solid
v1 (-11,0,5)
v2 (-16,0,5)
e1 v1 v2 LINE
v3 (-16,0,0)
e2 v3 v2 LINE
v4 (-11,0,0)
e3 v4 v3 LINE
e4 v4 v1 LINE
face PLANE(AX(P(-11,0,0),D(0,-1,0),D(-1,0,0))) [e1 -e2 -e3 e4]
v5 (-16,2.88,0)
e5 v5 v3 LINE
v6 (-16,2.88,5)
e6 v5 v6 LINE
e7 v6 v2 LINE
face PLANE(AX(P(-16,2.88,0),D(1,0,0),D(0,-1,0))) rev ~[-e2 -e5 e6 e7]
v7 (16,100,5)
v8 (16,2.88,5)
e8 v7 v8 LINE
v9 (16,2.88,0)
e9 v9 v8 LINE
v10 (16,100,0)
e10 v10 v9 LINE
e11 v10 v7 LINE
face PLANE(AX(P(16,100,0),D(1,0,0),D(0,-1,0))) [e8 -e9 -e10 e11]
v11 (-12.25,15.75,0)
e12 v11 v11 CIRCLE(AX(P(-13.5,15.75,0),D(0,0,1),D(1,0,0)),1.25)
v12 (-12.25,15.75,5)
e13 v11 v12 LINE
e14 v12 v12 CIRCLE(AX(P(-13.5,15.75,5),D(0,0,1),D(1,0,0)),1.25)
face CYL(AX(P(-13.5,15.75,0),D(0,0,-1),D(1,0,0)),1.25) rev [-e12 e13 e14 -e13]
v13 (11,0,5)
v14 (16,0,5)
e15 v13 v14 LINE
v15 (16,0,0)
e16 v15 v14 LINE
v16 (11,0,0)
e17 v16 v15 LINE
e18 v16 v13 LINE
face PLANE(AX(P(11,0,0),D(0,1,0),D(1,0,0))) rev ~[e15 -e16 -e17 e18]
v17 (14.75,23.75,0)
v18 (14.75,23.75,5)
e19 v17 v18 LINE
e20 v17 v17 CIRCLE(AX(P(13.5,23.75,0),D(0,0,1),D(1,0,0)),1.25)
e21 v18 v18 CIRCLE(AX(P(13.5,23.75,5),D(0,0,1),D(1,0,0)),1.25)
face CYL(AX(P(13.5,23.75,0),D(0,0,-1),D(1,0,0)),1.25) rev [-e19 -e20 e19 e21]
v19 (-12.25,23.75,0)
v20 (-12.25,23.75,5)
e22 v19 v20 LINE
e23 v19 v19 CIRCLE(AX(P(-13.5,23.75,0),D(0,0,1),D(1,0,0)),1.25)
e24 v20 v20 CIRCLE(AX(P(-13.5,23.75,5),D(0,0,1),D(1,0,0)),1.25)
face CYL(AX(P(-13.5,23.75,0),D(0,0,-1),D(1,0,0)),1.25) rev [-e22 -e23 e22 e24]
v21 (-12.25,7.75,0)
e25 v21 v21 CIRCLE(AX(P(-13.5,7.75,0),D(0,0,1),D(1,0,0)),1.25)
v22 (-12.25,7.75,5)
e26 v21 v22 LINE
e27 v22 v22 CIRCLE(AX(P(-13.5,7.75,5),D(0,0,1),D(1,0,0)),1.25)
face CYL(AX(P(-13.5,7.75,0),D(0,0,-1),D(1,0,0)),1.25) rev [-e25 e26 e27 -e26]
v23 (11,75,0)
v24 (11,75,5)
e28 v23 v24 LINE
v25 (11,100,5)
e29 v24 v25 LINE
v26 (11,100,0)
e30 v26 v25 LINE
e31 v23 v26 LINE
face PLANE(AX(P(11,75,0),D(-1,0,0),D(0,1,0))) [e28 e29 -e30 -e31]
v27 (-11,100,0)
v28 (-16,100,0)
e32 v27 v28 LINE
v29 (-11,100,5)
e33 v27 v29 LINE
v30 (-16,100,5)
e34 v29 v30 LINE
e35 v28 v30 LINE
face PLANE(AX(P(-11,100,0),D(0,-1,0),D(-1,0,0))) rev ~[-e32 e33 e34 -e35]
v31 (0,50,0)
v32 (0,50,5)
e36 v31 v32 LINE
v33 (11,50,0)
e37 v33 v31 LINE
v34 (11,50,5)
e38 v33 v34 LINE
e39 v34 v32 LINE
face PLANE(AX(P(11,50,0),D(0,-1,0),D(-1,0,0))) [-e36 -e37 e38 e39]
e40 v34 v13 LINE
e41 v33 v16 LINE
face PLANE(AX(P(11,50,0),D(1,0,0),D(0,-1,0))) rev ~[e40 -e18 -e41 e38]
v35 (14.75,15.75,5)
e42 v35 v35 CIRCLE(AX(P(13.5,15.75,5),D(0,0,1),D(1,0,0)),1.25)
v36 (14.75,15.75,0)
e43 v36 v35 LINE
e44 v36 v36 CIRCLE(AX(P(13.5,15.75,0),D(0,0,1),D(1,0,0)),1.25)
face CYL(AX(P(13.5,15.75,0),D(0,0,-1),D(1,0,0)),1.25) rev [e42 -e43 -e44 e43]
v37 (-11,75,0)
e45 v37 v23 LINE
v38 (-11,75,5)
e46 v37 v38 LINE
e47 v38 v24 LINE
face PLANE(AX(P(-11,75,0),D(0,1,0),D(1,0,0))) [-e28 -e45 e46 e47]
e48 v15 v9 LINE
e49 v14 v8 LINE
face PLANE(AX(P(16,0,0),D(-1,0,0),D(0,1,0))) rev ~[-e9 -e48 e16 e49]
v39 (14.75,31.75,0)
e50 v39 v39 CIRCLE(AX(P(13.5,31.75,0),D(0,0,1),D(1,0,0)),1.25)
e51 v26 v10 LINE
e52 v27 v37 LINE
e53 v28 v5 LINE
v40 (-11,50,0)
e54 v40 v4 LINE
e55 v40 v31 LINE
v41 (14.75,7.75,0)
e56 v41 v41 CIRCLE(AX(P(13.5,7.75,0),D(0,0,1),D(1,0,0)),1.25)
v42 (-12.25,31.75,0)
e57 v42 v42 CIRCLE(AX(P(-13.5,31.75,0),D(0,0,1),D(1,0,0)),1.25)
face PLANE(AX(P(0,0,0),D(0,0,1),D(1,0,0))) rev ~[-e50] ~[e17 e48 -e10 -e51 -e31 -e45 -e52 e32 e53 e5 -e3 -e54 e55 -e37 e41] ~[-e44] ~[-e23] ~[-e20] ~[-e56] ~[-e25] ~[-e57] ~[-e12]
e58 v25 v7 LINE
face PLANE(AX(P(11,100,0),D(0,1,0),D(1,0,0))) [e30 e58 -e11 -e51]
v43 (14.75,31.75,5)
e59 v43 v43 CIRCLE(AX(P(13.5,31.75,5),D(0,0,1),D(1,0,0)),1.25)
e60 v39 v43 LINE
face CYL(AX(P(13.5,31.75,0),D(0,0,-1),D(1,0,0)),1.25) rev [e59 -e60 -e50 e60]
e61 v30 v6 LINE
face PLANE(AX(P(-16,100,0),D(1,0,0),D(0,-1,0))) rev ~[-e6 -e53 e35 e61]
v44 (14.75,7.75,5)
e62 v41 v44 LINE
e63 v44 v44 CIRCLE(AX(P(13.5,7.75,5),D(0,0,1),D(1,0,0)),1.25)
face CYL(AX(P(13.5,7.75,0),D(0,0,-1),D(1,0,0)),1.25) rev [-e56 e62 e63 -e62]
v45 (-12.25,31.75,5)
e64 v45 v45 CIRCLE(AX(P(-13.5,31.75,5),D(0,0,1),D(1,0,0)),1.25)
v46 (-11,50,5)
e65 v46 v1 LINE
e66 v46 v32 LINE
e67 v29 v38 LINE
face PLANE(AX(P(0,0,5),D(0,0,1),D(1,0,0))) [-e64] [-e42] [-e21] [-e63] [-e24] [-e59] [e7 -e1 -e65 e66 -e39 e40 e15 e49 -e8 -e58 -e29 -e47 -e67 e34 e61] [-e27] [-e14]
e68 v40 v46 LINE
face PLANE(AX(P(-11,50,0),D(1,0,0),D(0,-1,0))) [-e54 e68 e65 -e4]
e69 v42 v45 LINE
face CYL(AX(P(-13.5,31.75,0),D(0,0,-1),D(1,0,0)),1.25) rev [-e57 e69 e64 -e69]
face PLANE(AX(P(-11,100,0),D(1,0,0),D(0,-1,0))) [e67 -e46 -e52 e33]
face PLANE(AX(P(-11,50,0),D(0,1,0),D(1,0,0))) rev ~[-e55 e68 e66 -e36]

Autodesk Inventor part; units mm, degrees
ref_plane "YZ Plane" through (0, 0, 0) normal (1, 0, 0) x (0, 1, 0)
ref_plane "XZ Plane" through (0, 0, 0) normal (0, 1, 0) x (-1, 0, 0)
ref_plane "XY Plane" through (0, 0, 0) normal (0, 0, 1) x (1, 0, 0)
sketch "Sketch1" plane through (0, 0, 0) normal (0, 0, 1) x (1, 0, 0)
  line L0 (11, 50) -> (11, 0)
  line L1 (11, 0) -> (16, 0)
  line L2 (16, 0) -> (16, 2.88)
  line L3 (11, 50) -> (0, 50)
  line L4 (0, 50) -> (0, 100) construction
  line L5 (11, 100) -> (16, 100)
  line L6 (16, 100) -> (16, 2.88)
  circle A0 centre (13.5, 7.75) radius 1.25
  circle A1 centre (13.5, 15.75) radius 1.25
  circle A2 centre (13.5, 23.75) radius 1.25
  circle A3 centre (13.5, 31.75) radius 1.25
  line L7 (-11, 50) -> (-11, 0)
  line L8 (-11, 0) -> (-16, 0)
  line L9 (-11, 50) -> (0, 50)
  line L10 (-11, 100) -> (-16, 100)
  line L11 (-16, 100) -> (-16, 2.88)
  circle A4 centre (-13.5, 7.75) radius 1.25
  circle A5 centre (-13.5, 15.75) radius 1.25
  circle A6 centre (-13.5, 23.75) radius 1.25
  circle A7 centre (-13.5, 31.75) radius 1.25
  line L12 (-16, 2.88) -> (-16, 0)
  line L13 (-11, 100) -> (-11, 75)
  line L14 (-11, 75) -> (11, 75)
  line L15 (11, 75) -> (11, 100)
  point P0 (0, 0)
  dimension "d0" = 5
  dimension "d1" = 100
  dimension "d2" = 11
  dimension "d3" = 50
  dimension "d4" = 0
  dimension "d5" = 0
  dimension "d6" = 2.5
  dimension "d7" = 2.5
  dimension "d8" = 7.75
  dimension "d9" = 0
  dimension "d10" = 8
  dimension "d11" = 2.5
  dimension "d12" = 0
  dimension "d13" = 8
  dimension "d14" = 2.5
  dimension "d15" = 2.5
  dimension "d16" = 0
  dimension "d17" = 8
  dimension "d18" = 5
  dimension "d19" = 5
  dimension "d20" = 25
  dimension "d21" = 0
extrude "Extrusion1" add sketch "Sketch1" along normal blind 5
equation "\"d11\" = d6"
equation "\"d14\" = d6"
equation "\"d15\" = d6"
properties part number "Bridge"
